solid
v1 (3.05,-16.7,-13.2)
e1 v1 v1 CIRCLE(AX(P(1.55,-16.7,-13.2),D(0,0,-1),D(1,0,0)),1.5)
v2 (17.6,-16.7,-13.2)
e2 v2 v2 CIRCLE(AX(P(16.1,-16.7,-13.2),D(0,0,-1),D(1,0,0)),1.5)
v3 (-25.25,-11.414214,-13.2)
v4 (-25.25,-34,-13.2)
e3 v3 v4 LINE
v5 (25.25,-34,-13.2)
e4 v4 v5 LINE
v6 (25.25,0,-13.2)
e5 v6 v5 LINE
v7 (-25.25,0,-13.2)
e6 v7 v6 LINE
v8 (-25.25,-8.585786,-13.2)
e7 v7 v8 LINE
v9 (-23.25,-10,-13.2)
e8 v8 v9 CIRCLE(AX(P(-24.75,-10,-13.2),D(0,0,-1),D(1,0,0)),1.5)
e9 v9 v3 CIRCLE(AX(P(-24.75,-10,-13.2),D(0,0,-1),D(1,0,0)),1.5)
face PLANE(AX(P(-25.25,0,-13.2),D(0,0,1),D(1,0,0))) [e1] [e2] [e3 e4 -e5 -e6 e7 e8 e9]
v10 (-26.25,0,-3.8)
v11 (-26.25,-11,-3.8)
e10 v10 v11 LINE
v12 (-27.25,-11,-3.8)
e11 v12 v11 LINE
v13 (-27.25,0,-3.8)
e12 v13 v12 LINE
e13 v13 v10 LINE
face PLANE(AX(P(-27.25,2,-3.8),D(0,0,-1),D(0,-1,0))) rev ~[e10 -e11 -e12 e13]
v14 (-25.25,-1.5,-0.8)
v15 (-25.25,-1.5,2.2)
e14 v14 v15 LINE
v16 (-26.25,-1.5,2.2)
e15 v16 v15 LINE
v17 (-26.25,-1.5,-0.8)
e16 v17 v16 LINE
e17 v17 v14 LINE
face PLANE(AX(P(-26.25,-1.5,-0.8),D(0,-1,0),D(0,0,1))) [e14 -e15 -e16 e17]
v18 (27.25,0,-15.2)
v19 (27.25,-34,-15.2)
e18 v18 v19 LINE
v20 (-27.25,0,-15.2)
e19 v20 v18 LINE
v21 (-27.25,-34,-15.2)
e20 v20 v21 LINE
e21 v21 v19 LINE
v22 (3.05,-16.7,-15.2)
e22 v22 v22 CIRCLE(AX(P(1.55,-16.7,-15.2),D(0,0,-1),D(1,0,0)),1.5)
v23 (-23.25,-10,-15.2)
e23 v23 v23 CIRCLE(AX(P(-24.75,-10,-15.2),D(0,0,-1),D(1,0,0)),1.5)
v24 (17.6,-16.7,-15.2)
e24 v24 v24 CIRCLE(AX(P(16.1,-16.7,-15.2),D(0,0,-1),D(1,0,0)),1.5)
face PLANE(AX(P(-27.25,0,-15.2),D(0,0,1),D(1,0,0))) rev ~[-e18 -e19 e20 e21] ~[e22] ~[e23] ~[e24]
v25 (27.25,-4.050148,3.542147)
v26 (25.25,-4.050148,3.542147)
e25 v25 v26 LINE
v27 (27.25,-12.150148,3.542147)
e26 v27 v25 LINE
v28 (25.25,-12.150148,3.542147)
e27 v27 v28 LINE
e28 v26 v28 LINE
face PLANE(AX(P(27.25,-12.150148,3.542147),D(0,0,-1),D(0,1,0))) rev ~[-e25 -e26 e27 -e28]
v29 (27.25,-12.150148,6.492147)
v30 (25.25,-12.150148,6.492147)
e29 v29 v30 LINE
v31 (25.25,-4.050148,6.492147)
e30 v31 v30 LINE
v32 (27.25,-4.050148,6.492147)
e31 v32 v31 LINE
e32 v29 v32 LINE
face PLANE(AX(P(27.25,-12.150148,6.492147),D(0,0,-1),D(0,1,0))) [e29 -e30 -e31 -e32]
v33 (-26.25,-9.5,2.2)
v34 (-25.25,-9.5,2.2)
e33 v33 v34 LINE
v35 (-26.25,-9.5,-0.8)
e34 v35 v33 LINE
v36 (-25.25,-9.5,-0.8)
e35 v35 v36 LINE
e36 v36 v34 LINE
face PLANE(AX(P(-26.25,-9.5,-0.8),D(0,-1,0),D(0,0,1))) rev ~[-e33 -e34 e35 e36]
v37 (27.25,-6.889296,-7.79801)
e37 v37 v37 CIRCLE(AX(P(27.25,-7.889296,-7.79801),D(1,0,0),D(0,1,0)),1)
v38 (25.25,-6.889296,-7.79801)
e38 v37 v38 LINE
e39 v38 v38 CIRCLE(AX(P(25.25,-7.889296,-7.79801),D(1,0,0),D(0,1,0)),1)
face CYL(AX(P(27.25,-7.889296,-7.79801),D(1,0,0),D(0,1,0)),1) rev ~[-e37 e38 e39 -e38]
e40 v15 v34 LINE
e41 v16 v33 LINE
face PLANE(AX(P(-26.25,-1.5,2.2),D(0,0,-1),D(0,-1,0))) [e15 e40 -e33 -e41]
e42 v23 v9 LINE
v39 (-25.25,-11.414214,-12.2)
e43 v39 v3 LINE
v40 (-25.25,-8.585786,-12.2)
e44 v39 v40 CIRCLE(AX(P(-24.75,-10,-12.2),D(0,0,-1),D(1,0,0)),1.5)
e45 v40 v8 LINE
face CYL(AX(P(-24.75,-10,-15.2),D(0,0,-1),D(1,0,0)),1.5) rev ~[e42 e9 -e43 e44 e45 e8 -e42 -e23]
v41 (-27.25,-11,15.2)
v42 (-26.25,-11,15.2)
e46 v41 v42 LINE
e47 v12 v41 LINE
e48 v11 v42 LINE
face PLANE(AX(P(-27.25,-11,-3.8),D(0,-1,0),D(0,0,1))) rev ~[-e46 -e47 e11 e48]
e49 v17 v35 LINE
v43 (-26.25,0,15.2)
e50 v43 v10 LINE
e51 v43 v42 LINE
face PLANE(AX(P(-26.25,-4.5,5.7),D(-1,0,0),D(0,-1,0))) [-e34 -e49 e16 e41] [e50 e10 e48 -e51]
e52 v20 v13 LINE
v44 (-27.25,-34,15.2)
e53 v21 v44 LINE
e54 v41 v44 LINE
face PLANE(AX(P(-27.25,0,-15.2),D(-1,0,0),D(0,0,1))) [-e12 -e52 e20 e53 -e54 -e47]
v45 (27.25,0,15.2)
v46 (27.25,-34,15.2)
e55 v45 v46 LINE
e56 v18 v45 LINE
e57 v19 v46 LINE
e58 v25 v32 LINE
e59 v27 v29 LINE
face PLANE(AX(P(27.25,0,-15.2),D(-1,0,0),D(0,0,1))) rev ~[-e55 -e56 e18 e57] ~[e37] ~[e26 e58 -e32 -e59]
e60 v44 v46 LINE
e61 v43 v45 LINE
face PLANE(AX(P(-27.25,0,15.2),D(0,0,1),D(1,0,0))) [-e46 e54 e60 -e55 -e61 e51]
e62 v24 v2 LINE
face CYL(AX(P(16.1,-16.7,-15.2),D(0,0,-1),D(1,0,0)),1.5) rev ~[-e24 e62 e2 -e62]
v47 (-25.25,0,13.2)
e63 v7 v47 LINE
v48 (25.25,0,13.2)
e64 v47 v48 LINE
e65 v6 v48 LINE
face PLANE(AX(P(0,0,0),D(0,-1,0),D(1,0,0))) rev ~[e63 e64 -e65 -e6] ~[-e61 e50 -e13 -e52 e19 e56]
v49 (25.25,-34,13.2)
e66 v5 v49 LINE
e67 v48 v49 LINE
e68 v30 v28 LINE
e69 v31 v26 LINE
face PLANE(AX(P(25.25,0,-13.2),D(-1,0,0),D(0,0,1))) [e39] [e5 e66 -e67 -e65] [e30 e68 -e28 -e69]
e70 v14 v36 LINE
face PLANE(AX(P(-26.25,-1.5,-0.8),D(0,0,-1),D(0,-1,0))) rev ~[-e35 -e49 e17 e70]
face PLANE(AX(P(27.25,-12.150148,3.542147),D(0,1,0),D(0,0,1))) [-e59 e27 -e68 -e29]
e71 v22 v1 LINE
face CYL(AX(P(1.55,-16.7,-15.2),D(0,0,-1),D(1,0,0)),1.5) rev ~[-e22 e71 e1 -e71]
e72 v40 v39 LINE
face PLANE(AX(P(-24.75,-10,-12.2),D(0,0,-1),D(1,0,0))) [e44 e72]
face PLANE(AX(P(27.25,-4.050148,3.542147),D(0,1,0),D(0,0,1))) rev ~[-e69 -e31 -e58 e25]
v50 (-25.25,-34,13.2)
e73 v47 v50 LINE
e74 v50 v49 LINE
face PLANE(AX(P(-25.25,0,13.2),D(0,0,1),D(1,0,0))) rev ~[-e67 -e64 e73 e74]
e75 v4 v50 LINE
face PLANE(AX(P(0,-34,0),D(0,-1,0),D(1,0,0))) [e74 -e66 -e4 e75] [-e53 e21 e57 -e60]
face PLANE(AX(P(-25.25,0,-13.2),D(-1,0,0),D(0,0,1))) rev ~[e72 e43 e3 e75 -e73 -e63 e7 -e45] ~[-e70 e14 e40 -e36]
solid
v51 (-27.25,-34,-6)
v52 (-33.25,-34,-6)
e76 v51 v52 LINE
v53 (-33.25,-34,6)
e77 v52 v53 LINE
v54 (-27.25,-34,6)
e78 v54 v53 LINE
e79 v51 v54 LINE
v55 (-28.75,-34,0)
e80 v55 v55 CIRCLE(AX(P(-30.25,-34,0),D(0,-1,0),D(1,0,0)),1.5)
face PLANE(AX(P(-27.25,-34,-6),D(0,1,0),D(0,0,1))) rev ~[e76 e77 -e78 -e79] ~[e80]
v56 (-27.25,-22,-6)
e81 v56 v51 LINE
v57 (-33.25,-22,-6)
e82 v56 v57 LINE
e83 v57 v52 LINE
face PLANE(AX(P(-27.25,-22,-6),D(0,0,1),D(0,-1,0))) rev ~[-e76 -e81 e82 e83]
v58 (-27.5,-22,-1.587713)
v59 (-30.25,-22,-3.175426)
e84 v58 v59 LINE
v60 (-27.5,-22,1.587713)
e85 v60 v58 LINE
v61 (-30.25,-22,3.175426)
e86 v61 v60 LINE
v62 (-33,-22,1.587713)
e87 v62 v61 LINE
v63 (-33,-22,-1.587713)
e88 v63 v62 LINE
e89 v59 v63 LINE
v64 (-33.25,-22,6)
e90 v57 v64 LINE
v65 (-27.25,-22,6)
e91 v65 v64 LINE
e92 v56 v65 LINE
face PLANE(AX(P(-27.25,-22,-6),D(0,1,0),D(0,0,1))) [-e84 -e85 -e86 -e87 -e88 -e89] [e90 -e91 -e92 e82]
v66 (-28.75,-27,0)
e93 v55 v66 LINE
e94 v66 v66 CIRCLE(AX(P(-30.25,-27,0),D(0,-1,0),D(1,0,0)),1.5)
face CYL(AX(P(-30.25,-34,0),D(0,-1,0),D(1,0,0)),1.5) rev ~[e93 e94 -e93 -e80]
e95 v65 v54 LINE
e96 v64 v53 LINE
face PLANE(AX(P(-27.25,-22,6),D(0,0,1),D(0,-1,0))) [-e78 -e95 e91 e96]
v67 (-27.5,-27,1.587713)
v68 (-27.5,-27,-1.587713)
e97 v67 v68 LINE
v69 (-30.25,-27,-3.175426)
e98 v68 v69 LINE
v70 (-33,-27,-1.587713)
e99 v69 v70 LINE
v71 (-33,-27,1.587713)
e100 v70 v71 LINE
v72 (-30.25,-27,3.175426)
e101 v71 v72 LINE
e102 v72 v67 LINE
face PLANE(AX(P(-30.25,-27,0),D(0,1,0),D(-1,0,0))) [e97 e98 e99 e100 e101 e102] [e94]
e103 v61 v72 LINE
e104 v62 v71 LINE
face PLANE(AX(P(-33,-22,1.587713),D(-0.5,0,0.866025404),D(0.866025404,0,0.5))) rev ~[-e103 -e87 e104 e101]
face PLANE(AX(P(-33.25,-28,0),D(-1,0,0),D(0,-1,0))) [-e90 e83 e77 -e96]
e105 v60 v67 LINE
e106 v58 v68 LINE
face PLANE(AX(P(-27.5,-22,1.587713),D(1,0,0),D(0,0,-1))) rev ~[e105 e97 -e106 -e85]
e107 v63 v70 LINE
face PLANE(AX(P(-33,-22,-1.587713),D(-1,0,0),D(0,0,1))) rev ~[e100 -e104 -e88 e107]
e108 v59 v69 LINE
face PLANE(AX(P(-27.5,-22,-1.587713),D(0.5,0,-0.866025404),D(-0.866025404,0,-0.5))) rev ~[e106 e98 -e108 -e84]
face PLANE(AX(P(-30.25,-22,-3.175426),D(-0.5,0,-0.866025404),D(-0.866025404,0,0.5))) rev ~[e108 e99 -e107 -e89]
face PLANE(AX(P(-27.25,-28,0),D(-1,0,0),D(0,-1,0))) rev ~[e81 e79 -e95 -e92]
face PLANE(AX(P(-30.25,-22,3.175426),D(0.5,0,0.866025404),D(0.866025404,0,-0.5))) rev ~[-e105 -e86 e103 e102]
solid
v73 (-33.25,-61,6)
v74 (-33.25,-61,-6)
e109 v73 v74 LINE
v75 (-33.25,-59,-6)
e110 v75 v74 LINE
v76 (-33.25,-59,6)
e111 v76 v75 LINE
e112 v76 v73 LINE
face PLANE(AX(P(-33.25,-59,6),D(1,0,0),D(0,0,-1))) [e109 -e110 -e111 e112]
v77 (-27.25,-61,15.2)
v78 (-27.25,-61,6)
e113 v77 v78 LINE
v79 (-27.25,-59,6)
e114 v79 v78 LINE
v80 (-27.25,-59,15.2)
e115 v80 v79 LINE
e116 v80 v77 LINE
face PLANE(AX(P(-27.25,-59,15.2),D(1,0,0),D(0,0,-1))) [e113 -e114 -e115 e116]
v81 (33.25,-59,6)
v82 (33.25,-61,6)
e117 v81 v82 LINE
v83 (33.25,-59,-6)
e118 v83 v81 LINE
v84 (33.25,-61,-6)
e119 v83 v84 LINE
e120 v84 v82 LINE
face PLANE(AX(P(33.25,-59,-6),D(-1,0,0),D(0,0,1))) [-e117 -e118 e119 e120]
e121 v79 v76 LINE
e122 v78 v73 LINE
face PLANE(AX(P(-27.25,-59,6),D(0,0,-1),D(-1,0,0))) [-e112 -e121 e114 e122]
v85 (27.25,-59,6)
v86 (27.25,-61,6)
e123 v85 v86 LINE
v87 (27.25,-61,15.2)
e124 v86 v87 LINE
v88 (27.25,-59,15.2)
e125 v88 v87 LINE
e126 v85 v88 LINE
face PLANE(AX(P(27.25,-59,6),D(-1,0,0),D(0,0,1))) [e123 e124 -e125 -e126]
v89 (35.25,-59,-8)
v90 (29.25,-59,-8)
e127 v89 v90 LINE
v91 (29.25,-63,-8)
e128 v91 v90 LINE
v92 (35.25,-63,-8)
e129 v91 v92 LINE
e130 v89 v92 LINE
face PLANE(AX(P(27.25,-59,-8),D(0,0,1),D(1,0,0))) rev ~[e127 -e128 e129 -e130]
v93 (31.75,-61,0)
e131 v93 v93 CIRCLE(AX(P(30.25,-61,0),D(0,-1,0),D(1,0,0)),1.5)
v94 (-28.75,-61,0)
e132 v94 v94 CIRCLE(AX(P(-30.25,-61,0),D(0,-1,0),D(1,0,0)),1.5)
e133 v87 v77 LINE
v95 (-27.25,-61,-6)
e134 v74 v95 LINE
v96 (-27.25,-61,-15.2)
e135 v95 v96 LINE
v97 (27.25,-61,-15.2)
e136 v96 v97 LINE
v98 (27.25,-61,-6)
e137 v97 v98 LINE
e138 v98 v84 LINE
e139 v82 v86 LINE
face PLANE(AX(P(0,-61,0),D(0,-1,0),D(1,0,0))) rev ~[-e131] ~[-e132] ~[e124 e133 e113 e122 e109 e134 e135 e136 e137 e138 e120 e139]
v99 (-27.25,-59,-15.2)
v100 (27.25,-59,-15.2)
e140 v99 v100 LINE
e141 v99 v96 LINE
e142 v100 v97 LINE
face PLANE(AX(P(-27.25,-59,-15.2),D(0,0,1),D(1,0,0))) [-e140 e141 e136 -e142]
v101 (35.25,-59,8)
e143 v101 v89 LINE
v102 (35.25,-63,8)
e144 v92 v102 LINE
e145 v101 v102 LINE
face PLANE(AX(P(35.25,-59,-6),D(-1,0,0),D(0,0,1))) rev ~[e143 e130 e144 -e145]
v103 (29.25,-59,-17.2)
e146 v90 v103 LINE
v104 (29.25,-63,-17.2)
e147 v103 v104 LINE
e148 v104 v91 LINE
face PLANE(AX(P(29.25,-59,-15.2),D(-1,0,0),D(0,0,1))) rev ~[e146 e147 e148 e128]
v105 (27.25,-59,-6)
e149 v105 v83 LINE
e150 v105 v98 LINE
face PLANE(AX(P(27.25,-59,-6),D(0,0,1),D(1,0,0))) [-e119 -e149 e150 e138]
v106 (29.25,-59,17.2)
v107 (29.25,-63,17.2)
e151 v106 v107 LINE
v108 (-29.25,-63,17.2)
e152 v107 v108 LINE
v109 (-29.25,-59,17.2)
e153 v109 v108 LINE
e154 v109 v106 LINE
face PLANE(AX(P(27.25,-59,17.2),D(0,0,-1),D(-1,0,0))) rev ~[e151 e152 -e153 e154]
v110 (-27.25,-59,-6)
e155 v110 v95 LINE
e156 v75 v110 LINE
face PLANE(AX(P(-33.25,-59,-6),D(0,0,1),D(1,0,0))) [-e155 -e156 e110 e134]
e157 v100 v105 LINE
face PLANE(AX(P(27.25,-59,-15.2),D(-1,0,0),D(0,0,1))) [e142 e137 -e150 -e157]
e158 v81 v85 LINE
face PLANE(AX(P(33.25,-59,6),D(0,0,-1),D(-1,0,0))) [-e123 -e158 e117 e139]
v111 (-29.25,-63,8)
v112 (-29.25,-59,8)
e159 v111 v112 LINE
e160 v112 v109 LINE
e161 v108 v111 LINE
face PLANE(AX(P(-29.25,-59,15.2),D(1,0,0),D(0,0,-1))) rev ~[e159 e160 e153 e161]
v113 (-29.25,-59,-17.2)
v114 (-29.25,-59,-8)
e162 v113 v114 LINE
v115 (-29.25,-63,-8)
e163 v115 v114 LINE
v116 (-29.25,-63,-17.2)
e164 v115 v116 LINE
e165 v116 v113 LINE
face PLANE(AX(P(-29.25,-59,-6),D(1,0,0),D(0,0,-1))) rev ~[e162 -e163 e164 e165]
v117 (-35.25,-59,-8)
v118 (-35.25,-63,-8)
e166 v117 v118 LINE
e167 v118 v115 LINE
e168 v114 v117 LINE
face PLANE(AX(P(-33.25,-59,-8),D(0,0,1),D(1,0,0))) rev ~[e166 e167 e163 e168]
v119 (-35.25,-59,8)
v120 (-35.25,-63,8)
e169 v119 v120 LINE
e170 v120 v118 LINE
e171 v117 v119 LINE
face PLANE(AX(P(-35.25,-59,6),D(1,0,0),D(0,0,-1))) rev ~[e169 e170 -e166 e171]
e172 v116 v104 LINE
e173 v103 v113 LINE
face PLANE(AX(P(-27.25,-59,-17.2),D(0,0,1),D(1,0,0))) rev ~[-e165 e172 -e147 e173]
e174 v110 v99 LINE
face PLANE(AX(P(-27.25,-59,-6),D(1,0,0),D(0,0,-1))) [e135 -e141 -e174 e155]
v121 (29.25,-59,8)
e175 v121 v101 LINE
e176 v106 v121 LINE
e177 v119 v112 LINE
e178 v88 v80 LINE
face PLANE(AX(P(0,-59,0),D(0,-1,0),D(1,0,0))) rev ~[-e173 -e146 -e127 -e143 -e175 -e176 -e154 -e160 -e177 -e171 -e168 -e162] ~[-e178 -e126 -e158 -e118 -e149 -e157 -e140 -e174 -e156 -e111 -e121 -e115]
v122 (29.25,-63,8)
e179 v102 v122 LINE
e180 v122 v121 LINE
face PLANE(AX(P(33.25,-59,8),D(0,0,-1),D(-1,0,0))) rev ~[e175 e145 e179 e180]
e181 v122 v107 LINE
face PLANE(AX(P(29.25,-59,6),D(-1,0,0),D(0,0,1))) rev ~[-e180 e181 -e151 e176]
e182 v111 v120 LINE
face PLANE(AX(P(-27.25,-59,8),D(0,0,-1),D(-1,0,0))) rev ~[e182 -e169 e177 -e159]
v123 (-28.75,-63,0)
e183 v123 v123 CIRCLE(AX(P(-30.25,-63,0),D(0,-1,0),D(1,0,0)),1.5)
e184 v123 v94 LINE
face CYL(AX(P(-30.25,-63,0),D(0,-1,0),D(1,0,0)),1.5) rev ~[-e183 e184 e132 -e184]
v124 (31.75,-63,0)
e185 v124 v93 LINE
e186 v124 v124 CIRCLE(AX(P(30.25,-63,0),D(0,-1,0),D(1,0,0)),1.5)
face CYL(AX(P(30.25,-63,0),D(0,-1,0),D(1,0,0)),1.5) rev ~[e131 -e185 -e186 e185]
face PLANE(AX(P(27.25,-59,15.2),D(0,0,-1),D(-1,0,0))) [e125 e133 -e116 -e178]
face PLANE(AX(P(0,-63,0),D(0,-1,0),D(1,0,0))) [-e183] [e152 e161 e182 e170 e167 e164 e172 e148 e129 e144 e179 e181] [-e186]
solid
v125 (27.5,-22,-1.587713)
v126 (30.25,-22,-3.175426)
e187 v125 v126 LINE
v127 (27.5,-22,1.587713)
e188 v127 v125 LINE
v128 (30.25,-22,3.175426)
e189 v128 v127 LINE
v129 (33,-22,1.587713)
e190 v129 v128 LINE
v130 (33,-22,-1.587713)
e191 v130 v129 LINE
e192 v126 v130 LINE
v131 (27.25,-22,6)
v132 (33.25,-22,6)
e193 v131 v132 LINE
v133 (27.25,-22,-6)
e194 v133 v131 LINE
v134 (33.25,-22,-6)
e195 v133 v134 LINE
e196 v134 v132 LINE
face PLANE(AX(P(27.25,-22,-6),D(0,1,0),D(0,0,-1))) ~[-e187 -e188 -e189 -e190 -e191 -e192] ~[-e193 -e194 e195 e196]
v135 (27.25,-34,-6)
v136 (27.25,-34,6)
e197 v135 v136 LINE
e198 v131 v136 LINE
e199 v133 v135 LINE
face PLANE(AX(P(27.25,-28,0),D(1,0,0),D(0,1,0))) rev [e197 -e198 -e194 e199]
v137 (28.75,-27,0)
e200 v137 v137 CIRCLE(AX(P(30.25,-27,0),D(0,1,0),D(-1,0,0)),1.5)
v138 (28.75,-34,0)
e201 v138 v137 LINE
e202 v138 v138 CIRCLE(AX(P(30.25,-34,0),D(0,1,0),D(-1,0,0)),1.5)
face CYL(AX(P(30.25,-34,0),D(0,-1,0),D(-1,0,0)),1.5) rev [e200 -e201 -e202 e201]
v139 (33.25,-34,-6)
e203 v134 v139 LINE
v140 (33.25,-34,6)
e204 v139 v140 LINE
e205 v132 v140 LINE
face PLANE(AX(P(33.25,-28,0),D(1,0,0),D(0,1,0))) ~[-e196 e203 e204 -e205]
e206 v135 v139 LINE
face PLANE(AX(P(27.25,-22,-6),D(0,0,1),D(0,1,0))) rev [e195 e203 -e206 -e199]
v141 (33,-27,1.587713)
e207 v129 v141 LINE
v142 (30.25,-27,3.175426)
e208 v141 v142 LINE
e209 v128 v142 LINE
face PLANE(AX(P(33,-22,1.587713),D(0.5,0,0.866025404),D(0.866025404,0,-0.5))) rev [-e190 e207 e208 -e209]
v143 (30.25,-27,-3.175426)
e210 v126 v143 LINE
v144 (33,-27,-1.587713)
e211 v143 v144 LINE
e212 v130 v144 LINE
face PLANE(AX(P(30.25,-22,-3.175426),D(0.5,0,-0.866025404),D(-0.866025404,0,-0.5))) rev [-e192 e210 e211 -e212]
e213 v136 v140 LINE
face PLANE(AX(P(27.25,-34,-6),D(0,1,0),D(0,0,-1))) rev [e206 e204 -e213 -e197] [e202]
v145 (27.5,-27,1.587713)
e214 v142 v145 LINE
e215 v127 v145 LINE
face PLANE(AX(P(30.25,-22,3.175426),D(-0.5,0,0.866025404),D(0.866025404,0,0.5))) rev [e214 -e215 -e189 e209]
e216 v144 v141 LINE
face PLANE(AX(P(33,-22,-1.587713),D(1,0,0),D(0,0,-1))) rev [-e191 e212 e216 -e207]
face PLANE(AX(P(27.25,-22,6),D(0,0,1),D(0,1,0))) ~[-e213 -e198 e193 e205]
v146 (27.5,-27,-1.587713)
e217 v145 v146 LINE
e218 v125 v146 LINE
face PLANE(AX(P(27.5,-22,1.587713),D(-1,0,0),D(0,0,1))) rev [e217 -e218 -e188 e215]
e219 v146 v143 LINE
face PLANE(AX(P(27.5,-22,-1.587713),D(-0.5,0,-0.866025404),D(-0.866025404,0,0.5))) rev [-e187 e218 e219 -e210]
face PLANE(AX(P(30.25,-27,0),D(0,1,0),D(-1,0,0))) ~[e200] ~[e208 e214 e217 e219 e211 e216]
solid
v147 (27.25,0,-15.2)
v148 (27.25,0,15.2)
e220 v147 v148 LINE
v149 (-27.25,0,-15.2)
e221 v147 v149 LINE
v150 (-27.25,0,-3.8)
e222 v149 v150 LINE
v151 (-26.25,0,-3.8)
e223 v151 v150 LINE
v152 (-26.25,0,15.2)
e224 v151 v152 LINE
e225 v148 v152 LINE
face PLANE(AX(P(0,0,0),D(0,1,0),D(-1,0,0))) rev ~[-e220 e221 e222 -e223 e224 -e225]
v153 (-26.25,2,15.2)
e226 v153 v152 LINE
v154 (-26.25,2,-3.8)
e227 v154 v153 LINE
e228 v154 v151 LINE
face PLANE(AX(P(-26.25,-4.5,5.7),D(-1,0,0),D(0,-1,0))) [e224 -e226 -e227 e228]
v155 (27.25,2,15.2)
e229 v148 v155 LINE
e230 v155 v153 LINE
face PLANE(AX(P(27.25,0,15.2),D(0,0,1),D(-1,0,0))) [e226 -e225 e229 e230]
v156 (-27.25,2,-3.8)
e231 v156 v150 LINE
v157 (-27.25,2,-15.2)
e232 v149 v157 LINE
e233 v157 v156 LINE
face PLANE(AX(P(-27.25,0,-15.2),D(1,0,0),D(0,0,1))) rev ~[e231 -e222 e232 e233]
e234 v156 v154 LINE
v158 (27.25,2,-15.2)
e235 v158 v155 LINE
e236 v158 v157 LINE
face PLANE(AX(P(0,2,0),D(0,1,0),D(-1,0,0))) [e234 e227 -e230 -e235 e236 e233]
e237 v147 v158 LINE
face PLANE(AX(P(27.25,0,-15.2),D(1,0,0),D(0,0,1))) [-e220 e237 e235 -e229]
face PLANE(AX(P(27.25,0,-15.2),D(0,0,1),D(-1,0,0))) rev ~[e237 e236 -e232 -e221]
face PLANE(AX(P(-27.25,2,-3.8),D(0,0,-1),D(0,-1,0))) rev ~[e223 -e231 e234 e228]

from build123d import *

# Parameters (mm, degrees)
F0_W      = 54.5
F0_H      = 30.4
F0_W_2    = 50.5
F0_H_2    = 26.4
F1_DEPTH  = 34
F2_W      = 54.5
F2_H      = 30.4
F3_DEPTH  = 2
F4_W      = 12
F4_H      = 12
F5_DEPTH  = 6
F6_R      = 1.5
F7_DEPTH  = 15
F8_R      = 1.5
F9_DEPTH  = 5
F13_DEPTH = 2
F14_T     = 2
F15_R     = 1.5
F16_DEPTH = 3
F17_R     = 1.5
F18_DEPTH = 3
F19_W     = 13
F19_H     = 19
F20_DEPTH = 1
F22_W     = 8.1
F22_H     = 2.95
F23_DEPTH = 5
F24_R     = 1
F25_DEPTH = 5
F26_W     = 8
F26_H     = 3
F27_DEPTH = 5


with BuildPart() as f1:
    # F0 (on Front) → F1 (new body)
    with BuildSketch(Plane.XZ):
        Rectangle(F0_W, F0_H)
        Rectangle(F0_W_2, F0_H_2, mode=Mode.SUBTRACT)
    extrude(amount=F1_DEPTH)

    # F17 (on face) → F18 (cut)
    with BuildSketch(Plane(origin=(0, 0, -15.2), x_dir=(1, 0, 0), z_dir=(0, 0, -1))):
        with Locations((16.1, 16.7)):
            Circle(F17_R)
        with Locations((1.55, 16.7)):
            Circle(F17_R)
        with Locations((-24.75, 10)):
            Circle(F17_R)
    extrude(amount=-F18_DEPTH, mode=Mode.SUBTRACT)


with BuildPart() as f3:
    # F2 (on face) → F3 (new body)
    with BuildSketch(Plane(origin=(0, 0, 0), x_dir=(-1, 0, 0), z_dir=(0, 1, 0))):
        Rectangle(F2_W, F2_H)
    extrude(amount=F3_DEPTH)


with BuildPart() as f5:
    # F4 (on face) → F5 (new body)
    with BuildSketch(Plane(origin=(-27.25, 0, 0), x_dir=(0, -1, 0), z_dir=(-1, 0, 0))):
        with Locations((28, 0)):
            Rectangle(F4_W, F4_H)
    extrude(amount=F5_DEPTH)

    # F6 (on face) → F7 (cut)
    with BuildSketch(Plane.XZ.offset(34)):
        with Locations((-30.25, 0)):
            Circle(F6_R)
    extrude(amount=-F7_DEPTH, mode=Mode.SUBTRACT)

    # F8 (on face) → F9 (cut)
    with BuildSketch(Plane(origin=(0, -22, 0), x_dir=(-1, 0, 0), z_dir=(0, 1, 0))):
        Polygon((27.5, -1.5877132403), (30.25, -3.1754264805), (33, -1.5877132403), (33, 1.5877132403), (30.25, 3.1754264805), (27.5, 1.5877132403), align=None)
        with Locations((30.25, 0)):
            Circle(F8_R, mode=Mode.SUBTRACT)
    extrude(amount=-F9_DEPTH, mode=Mode.SUBTRACT)


with BuildPart() as f10_1:
    # F10: instance of F5
    add(f5.part.mirror(Plane.YZ))


with BuildPart() as f13:
    # F12 (on offset) → F13 (new body)
    with BuildSketch(Plane.XZ.offset(59)):
        Polygon((-27.25, -15.2), (27.25, -15.2), (27.25, -6), (33.25, -6), (33.25, 6), (27.25, 6), (27.25, 15.2), (-27.25, 15.2), (-27.25, 6), (-33.25, 6), (-33.25, -6), (-27.25, -6), align=None)
    extrude(amount=F13_DEPTH)

    # F14
    f14_openings = [f13.faces().sort_by_distance(p)[0] for p in [
        (0, -59, 0),
    ]]
    offset(amount=F14_T, openings=f14_openings, kind=Kind.INTERSECTION)

    # F15 (on face) → F16 (cut)
    with BuildSketch(Plane.XZ.offset(63)):
        with Locations((-30.25, 0)):
            Circle(F15_R)
        with Locations((30.25, 0)):
            Circle(F15_R)
    extrude(amount=-F16_DEPTH, mode=Mode.SUBTRACT)


with BuildPart() as f20_tool:
    # F19 (on face) → F20 (new body)
    with BuildSketch(Plane(origin=(-27.25, 0, 0), x_dir=(0, -1, 0), z_dir=(-1, 0, 0))):
        with Locations((4.5, 5.7)):
            Rectangle(F19_W, F19_H)
    extrude(amount=-F20_DEPTH)


with BuildPart() as f1_1:
    add(f1.part)

    # F20: cut by f20_tool
    add(f20_tool.part, mode=Mode.SUBTRACT)

    # F22 (on face) → F23 (cut)
    with BuildSketch(Plane.YZ.offset(27.25)):
        with Locations((-8.1001479298, 5.0171468783)):
            Rectangle(F22_W, F22_H)
    extrude(amount=-F23_DEPTH, mode=Mode.SUBTRACT)

    # F24 (on face) → F25 (cut)
    with BuildSketch(Plane.YZ.offset(27.25)):
        with Locations((-7.8892959282, -7.7980095521)):
            Circle(F24_R)
    extrude(amount=-F25_DEPTH, mode=Mode.SUBTRACT)

    # F26 (on face) → F27 (cut)
    with BuildSketch(Plane(origin=(-26.25, 0, 0), x_dir=(0, -1, 0), z_dir=(-1, 0, 0))):
        with Locations((5.5, 0.7)):
            Rectangle(F26_W, F26_H)
    extrude(amount=-F27_DEPTH, mode=Mode.SUBTRACT)


with BuildPart() as f3_1:
    add(f3.part)

    # F20: cut by f20_tool
    add(f20_tool.part, mode=Mode.SUBTRACT)


solid = Compound([f5.part, f10_1.part, f13.part, f1_1.part, f3_1.part])
